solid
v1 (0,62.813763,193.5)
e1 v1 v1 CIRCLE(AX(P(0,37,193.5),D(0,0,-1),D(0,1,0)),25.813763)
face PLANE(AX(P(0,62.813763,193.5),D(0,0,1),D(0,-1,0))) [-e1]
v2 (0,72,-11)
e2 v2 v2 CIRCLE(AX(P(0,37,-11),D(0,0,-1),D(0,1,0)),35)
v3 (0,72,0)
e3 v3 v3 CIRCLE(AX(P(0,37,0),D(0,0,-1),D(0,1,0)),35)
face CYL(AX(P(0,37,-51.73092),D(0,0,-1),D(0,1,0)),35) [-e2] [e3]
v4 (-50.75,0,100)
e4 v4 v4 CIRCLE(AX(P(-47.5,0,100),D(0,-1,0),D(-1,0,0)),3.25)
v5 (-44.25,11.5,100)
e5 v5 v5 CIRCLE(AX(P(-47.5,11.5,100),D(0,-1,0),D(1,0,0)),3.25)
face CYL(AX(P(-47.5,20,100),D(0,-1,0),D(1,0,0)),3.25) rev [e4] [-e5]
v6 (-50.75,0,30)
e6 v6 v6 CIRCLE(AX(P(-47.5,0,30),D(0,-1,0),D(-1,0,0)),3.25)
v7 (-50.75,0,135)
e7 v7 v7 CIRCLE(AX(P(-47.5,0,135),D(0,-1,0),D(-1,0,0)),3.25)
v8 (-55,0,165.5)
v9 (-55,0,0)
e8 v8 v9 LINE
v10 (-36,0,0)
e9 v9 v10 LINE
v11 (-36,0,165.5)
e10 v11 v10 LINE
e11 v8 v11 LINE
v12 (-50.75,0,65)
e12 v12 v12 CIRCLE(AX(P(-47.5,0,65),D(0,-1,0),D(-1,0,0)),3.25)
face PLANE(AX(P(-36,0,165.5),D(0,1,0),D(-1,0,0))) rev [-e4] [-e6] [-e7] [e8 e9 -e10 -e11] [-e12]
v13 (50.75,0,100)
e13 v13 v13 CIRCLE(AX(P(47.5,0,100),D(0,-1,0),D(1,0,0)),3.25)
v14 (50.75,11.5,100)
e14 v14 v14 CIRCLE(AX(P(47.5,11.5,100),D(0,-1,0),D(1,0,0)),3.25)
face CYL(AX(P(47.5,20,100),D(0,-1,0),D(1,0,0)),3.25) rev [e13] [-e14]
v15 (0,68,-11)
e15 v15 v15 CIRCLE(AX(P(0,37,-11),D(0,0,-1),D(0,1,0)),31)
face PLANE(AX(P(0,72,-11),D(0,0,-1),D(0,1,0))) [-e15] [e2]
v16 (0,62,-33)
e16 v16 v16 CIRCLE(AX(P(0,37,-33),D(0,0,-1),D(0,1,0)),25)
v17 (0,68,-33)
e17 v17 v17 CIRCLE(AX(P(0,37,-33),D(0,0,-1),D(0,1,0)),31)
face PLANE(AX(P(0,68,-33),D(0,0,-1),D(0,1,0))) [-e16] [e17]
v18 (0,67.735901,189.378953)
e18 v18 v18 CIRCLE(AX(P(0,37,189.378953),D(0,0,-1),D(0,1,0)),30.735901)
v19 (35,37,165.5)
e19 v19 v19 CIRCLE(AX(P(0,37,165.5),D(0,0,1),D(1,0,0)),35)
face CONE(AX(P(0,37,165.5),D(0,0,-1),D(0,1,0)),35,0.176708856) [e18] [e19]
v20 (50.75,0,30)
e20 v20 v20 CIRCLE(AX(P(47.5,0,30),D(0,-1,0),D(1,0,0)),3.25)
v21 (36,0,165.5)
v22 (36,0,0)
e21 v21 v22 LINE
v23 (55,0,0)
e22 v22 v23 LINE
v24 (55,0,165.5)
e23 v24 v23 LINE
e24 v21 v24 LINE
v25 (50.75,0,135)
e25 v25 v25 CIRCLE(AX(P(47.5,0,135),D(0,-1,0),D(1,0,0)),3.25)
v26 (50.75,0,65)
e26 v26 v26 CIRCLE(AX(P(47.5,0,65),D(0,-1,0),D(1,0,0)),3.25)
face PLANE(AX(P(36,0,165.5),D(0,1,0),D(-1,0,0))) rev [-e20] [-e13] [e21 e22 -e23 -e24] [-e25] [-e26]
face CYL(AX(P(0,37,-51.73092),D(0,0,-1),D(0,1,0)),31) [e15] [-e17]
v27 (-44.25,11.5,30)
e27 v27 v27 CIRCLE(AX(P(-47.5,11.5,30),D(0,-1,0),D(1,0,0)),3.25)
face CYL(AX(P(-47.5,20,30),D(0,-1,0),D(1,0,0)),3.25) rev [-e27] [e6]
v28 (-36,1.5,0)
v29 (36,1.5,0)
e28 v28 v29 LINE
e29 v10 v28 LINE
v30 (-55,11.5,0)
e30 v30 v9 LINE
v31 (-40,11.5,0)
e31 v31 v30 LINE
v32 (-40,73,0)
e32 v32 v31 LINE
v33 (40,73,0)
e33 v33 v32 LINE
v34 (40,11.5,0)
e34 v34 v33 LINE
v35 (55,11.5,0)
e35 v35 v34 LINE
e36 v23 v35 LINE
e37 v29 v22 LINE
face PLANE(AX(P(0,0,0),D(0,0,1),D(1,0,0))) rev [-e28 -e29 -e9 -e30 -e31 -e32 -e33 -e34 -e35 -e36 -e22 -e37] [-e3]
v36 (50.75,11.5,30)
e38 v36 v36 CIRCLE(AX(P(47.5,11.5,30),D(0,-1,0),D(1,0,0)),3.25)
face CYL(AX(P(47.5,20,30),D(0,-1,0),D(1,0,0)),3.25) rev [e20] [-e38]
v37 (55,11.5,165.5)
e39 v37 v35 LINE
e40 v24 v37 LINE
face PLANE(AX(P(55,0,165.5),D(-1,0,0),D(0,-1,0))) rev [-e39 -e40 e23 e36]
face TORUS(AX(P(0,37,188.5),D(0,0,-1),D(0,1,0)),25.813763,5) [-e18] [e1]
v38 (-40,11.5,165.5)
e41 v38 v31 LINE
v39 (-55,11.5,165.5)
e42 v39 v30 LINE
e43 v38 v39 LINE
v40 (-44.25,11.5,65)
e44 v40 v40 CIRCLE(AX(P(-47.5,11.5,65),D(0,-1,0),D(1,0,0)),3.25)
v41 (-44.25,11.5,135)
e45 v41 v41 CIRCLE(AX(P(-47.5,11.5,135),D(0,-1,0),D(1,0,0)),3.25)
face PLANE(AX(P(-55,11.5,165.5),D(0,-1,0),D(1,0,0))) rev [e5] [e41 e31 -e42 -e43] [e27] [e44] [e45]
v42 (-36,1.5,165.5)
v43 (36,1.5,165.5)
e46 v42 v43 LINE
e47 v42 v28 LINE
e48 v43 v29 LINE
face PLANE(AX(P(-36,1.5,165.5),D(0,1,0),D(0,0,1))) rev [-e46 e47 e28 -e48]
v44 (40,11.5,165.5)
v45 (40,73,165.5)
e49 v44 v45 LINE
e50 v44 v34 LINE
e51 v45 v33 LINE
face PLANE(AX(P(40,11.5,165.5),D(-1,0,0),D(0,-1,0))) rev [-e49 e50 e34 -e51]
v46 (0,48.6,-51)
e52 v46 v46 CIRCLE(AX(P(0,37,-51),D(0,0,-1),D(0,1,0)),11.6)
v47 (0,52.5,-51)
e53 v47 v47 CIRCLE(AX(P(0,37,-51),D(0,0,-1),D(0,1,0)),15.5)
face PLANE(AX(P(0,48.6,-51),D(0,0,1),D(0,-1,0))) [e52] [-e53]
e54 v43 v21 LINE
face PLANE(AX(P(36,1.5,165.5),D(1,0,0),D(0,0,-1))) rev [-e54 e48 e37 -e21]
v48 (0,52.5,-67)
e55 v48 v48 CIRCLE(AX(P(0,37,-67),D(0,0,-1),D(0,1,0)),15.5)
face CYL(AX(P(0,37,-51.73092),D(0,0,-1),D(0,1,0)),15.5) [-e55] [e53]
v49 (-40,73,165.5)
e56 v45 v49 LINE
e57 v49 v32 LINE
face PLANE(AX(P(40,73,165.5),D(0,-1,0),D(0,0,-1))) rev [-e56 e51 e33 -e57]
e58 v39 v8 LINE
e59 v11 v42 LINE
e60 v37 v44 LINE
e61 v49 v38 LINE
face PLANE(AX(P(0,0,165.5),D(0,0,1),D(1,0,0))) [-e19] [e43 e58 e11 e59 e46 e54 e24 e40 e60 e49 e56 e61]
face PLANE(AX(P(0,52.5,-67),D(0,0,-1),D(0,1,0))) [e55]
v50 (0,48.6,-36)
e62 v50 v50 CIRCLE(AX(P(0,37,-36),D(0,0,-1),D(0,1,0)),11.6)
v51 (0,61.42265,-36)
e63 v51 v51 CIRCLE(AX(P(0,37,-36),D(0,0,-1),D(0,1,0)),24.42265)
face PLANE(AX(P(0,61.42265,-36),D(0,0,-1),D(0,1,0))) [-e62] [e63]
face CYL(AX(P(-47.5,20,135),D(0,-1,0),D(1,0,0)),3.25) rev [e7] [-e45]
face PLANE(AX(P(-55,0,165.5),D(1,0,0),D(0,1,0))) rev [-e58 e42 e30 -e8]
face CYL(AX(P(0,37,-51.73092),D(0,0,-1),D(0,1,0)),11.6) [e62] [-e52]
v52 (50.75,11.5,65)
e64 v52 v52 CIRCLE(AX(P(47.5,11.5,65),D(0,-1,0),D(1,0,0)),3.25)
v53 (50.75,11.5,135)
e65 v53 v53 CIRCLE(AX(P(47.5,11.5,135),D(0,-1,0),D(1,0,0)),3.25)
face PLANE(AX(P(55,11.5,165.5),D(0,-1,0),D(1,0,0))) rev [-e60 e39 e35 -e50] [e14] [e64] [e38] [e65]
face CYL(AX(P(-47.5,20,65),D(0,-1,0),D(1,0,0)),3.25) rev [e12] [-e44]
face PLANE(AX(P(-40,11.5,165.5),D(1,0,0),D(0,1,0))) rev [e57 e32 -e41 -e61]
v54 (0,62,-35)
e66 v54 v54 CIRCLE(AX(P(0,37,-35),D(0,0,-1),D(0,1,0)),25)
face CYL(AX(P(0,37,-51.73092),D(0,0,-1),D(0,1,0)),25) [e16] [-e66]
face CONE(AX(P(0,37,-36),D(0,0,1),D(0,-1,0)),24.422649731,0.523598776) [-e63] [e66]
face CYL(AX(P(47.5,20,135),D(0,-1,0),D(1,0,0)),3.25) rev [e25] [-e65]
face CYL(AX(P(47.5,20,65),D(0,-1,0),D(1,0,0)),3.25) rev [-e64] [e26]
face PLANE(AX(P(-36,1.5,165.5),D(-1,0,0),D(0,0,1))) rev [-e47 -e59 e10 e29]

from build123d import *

# Parameters (mm, degrees)
AUFSATZ_LINEAR_AUSTRAGEN1_DEPTH = 165.5
SKIZZE3_R                       = 3.25
SCHNITT_LINEAR_AUSTRAGEN1_DEPTH = 20


with BuildPart() as part:
    # Skizze1 → Aufsatz-Linear austragen1 (new body)
    with BuildSketch(Plane.XY):
        Polygon((-36, 1.5), (36, 1.5), (36, 0), (55, 0), (55, 11.5), (40, 11.5), (40, 73), (-40, 73), (-40, 11.5), (-55, 11.5), (-55, 0), (-36, 0), align=None)
    extrude(amount=AUFSATZ_LINEAR_AUSTRAGEN1_DEPTH)

    # Skizze2 → Rotation1 (revolve)
    with BuildSketch(Plane(origin=(0, 0, 0), x_dir=(0, 0, -1), z_dir=(1, 0, 0))):
        with BuildLine():
            Line((-165.5, 72), (-189.378953192, 67.735901216))
            ThreePointArc((-189.378953192, 67.735901216), (-192.333716602, 66.023532336), (-193.5, 62.813763338))
            Line((-193.5, 62.813763338), (-193.5, 37))
            Line((-193.5, 37), (-165.5, 37))
            Line((-165.5, 37), (-165.5, 72))
        make_face()
        Polygon((0, 72), (11, 72), (11, 68), (33, 68), (33, 62), (35, 62), (36, 61.422649731), (36, 48.6), (51, 48.6), (51, 52.5), (67, 52.5), (67, 37), (0, 37), align=None)
    revolve(axis=Axis((0, 37, -51.73091969), (0, 0, 1)))

    # Skizze3 → Schnitt-Linear austragen1 (cut)
    with BuildSketch(Plane.XZ):
        with Locations((47.5, 30)):
            Circle(SKIZZE3_R)
        with Locations((47.5, 65)):
            Circle(SKIZZE3_R)
        with Locations((47.5, 100)):
            Circle(SKIZZE3_R)
        with Locations((47.5, 135)):
            Circle(SKIZZE3_R)
        with Locations((-47.5, 30)):
            Circle(SKIZZE3_R)
        with Locations((-47.5, 65)):
            Circle(SKIZZE3_R)
        with Locations((-47.5, 100)):
            Circle(SKIZZE3_R)
        with Locations((-47.5, 135)):
            Circle(SKIZZE3_R)
    extrude(amount=-SCHNITT_LINEAR_AUSTRAGEN1_DEPTH, mode=Mode.SUBTRACT)


solid = part.part
